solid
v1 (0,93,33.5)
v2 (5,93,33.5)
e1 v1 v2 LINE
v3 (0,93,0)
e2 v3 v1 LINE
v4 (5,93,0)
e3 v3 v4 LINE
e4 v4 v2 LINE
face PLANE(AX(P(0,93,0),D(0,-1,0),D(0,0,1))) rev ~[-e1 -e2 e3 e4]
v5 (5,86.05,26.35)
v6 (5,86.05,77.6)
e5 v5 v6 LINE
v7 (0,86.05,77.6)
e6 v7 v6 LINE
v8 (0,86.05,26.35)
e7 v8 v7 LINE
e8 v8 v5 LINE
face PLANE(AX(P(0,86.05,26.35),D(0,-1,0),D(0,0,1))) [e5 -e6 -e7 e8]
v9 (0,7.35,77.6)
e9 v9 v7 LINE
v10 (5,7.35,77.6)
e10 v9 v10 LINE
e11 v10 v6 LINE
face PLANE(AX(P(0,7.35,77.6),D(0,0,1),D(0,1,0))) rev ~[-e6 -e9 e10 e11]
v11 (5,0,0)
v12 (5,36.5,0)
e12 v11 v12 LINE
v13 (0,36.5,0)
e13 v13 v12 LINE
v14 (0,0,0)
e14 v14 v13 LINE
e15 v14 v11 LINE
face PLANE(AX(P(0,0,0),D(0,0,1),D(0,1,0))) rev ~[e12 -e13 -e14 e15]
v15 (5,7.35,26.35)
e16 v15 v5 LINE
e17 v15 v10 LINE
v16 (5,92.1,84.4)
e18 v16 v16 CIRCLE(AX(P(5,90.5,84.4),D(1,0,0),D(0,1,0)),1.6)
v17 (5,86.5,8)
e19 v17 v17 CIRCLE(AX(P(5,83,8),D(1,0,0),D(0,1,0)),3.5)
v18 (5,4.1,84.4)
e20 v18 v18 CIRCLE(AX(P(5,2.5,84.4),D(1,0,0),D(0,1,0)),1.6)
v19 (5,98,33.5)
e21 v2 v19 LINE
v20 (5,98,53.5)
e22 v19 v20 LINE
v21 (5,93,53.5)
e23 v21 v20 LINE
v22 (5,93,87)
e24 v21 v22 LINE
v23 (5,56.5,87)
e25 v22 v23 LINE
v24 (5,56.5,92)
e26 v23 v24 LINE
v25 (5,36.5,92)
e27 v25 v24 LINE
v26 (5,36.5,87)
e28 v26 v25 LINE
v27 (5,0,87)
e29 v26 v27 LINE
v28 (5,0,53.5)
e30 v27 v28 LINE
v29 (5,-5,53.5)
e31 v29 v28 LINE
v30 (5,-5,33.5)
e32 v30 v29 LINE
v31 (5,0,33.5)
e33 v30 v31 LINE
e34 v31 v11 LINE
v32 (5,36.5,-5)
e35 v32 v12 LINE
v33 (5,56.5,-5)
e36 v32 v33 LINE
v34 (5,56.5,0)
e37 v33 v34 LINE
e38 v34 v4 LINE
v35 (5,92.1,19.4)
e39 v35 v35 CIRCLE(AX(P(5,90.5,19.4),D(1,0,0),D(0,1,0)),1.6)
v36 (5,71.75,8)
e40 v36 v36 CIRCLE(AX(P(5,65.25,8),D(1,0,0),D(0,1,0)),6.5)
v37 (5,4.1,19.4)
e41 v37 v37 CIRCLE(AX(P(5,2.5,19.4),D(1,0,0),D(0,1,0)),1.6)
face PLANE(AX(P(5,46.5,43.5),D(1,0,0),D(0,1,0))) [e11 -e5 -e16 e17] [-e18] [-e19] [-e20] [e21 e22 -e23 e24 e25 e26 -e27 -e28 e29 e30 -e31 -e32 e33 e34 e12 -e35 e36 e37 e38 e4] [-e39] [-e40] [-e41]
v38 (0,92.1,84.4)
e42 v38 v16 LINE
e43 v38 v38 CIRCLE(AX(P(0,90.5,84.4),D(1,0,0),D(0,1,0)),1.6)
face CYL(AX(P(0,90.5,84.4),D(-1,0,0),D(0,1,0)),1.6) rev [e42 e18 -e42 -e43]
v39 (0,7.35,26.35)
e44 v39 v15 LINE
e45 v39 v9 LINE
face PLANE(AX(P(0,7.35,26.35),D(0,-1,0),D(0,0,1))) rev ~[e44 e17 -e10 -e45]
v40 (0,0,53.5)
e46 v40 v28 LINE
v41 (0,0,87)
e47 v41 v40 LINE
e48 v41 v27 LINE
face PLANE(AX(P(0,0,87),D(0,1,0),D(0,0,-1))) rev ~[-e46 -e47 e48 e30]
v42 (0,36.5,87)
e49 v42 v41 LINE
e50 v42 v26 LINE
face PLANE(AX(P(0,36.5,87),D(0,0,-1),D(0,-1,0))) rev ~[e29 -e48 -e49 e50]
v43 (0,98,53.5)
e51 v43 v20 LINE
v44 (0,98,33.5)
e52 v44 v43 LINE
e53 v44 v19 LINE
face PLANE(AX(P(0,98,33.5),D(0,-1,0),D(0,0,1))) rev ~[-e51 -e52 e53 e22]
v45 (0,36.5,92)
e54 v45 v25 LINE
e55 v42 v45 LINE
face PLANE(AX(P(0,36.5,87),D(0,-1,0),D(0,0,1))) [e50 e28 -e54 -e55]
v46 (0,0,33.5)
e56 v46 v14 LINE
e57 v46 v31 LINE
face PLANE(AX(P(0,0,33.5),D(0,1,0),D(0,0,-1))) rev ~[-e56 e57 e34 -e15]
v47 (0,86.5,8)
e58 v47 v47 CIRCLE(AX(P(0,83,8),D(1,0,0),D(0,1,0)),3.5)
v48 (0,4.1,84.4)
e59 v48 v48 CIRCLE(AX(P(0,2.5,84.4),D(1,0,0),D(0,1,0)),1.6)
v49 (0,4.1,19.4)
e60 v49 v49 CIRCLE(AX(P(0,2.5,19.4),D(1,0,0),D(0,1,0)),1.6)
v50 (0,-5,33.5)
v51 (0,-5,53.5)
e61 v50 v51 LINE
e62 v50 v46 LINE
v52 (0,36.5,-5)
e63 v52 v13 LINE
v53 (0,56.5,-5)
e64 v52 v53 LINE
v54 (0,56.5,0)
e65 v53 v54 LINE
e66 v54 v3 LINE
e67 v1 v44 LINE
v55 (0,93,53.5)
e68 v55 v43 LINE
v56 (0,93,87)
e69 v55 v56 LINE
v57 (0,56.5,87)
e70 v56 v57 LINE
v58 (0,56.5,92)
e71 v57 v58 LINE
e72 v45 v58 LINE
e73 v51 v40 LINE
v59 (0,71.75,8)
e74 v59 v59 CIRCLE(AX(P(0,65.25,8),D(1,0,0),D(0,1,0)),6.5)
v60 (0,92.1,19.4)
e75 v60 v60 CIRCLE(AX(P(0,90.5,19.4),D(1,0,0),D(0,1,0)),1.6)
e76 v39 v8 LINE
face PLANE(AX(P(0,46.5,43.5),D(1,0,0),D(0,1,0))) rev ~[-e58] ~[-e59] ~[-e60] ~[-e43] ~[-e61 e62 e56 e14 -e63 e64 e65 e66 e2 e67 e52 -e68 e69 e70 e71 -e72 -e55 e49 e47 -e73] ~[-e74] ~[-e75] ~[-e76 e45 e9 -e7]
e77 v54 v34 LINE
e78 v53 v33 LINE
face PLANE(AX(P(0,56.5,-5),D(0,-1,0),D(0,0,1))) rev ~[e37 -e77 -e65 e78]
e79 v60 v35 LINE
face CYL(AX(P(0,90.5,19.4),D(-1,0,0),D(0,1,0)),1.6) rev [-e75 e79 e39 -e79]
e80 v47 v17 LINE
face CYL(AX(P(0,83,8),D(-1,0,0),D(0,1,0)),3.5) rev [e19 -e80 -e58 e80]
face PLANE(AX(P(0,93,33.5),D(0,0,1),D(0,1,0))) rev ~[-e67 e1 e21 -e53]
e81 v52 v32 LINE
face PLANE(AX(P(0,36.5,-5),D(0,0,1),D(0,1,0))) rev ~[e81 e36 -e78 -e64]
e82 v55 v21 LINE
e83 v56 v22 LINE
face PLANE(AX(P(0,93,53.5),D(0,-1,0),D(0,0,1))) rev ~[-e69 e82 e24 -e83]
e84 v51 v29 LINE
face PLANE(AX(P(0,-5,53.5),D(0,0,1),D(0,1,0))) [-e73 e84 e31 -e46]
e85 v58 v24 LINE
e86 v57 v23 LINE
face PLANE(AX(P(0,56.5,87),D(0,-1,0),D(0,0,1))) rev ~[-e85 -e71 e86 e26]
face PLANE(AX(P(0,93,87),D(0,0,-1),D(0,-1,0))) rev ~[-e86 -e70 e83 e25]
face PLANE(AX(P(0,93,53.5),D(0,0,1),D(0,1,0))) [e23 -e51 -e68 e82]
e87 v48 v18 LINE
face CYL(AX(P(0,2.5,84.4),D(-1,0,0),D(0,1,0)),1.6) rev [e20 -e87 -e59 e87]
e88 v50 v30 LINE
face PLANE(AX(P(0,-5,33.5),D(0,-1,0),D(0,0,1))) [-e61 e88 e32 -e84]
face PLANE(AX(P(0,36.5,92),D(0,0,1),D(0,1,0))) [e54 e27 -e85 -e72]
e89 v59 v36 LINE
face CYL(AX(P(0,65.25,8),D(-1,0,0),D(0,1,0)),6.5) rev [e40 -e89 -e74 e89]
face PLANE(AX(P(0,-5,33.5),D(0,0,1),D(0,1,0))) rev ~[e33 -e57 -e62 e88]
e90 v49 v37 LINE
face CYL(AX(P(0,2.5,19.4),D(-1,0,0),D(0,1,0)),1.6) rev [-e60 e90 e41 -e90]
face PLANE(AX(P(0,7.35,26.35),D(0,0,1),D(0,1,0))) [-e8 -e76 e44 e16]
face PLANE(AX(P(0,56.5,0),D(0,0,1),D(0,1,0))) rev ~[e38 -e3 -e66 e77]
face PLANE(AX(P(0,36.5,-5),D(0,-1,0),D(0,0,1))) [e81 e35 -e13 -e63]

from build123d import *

# Parameters (mm, degrees)
F1_R     = 1.6
F1_R_2   = 6.5
F1_R_3   = 3.5
F1_W     = 78.7
F1_H     = 51.25
F1_W_2   = 20
F1_H_2   = 5
F1_W_3   = 5
F1_H_3   = 20
F2_DEPTH = 5


with BuildPart() as f2:
    # F1 (on Right) → F2 (new body)
    with BuildSketch(Plane.YZ):
        Polygon((36.5, 87), (0, 87), (0, 53.5), (0, 33.5), (0, 0), (36.5, 0), (56.5, 0), (93, 0), (93, 33.5), (93, 53.5), (93, 87), (56.5, 87), align=None)
        with Locations((2.5, 19.4)):
            Circle(F1_R, mode=Mode.SUBTRACT)
        with Locations((65.25, 8)):
            Circle(F1_R_2, mode=Mode.SUBTRACT)
        with Locations((83, 8)):
            Circle(F1_R_3, mode=Mode.SUBTRACT)
        with Locations((90.5, 19.4)):
            Circle(F1_R, mode=Mode.SUBTRACT)
        with Locations((2.5, 84.4)):
            Circle(F1_R, mode=Mode.SUBTRACT)
        with Locations((46.7, 51.975)):
            Rectangle(F1_W, F1_H, mode=Mode.SUBTRACT)
        with Locations((90.5, 84.4)):
            Circle(F1_R, mode=Mode.SUBTRACT)
        with Locations((46.5, 89.5)):
            Rectangle(F1_W_2, F1_H_2)
        with Locations((-2.5, 43.5)):
            Rectangle(F1_W_3, F1_H_3)
        with Locations((95.5, 43.5)):
            Rectangle(F1_W_3, F1_H_3)
        with Locations((46.5, -2.5)):
            Rectangle(F1_W_2, F1_H_2)
    extrude(amount=F2_DEPTH)


solid = f2.part
